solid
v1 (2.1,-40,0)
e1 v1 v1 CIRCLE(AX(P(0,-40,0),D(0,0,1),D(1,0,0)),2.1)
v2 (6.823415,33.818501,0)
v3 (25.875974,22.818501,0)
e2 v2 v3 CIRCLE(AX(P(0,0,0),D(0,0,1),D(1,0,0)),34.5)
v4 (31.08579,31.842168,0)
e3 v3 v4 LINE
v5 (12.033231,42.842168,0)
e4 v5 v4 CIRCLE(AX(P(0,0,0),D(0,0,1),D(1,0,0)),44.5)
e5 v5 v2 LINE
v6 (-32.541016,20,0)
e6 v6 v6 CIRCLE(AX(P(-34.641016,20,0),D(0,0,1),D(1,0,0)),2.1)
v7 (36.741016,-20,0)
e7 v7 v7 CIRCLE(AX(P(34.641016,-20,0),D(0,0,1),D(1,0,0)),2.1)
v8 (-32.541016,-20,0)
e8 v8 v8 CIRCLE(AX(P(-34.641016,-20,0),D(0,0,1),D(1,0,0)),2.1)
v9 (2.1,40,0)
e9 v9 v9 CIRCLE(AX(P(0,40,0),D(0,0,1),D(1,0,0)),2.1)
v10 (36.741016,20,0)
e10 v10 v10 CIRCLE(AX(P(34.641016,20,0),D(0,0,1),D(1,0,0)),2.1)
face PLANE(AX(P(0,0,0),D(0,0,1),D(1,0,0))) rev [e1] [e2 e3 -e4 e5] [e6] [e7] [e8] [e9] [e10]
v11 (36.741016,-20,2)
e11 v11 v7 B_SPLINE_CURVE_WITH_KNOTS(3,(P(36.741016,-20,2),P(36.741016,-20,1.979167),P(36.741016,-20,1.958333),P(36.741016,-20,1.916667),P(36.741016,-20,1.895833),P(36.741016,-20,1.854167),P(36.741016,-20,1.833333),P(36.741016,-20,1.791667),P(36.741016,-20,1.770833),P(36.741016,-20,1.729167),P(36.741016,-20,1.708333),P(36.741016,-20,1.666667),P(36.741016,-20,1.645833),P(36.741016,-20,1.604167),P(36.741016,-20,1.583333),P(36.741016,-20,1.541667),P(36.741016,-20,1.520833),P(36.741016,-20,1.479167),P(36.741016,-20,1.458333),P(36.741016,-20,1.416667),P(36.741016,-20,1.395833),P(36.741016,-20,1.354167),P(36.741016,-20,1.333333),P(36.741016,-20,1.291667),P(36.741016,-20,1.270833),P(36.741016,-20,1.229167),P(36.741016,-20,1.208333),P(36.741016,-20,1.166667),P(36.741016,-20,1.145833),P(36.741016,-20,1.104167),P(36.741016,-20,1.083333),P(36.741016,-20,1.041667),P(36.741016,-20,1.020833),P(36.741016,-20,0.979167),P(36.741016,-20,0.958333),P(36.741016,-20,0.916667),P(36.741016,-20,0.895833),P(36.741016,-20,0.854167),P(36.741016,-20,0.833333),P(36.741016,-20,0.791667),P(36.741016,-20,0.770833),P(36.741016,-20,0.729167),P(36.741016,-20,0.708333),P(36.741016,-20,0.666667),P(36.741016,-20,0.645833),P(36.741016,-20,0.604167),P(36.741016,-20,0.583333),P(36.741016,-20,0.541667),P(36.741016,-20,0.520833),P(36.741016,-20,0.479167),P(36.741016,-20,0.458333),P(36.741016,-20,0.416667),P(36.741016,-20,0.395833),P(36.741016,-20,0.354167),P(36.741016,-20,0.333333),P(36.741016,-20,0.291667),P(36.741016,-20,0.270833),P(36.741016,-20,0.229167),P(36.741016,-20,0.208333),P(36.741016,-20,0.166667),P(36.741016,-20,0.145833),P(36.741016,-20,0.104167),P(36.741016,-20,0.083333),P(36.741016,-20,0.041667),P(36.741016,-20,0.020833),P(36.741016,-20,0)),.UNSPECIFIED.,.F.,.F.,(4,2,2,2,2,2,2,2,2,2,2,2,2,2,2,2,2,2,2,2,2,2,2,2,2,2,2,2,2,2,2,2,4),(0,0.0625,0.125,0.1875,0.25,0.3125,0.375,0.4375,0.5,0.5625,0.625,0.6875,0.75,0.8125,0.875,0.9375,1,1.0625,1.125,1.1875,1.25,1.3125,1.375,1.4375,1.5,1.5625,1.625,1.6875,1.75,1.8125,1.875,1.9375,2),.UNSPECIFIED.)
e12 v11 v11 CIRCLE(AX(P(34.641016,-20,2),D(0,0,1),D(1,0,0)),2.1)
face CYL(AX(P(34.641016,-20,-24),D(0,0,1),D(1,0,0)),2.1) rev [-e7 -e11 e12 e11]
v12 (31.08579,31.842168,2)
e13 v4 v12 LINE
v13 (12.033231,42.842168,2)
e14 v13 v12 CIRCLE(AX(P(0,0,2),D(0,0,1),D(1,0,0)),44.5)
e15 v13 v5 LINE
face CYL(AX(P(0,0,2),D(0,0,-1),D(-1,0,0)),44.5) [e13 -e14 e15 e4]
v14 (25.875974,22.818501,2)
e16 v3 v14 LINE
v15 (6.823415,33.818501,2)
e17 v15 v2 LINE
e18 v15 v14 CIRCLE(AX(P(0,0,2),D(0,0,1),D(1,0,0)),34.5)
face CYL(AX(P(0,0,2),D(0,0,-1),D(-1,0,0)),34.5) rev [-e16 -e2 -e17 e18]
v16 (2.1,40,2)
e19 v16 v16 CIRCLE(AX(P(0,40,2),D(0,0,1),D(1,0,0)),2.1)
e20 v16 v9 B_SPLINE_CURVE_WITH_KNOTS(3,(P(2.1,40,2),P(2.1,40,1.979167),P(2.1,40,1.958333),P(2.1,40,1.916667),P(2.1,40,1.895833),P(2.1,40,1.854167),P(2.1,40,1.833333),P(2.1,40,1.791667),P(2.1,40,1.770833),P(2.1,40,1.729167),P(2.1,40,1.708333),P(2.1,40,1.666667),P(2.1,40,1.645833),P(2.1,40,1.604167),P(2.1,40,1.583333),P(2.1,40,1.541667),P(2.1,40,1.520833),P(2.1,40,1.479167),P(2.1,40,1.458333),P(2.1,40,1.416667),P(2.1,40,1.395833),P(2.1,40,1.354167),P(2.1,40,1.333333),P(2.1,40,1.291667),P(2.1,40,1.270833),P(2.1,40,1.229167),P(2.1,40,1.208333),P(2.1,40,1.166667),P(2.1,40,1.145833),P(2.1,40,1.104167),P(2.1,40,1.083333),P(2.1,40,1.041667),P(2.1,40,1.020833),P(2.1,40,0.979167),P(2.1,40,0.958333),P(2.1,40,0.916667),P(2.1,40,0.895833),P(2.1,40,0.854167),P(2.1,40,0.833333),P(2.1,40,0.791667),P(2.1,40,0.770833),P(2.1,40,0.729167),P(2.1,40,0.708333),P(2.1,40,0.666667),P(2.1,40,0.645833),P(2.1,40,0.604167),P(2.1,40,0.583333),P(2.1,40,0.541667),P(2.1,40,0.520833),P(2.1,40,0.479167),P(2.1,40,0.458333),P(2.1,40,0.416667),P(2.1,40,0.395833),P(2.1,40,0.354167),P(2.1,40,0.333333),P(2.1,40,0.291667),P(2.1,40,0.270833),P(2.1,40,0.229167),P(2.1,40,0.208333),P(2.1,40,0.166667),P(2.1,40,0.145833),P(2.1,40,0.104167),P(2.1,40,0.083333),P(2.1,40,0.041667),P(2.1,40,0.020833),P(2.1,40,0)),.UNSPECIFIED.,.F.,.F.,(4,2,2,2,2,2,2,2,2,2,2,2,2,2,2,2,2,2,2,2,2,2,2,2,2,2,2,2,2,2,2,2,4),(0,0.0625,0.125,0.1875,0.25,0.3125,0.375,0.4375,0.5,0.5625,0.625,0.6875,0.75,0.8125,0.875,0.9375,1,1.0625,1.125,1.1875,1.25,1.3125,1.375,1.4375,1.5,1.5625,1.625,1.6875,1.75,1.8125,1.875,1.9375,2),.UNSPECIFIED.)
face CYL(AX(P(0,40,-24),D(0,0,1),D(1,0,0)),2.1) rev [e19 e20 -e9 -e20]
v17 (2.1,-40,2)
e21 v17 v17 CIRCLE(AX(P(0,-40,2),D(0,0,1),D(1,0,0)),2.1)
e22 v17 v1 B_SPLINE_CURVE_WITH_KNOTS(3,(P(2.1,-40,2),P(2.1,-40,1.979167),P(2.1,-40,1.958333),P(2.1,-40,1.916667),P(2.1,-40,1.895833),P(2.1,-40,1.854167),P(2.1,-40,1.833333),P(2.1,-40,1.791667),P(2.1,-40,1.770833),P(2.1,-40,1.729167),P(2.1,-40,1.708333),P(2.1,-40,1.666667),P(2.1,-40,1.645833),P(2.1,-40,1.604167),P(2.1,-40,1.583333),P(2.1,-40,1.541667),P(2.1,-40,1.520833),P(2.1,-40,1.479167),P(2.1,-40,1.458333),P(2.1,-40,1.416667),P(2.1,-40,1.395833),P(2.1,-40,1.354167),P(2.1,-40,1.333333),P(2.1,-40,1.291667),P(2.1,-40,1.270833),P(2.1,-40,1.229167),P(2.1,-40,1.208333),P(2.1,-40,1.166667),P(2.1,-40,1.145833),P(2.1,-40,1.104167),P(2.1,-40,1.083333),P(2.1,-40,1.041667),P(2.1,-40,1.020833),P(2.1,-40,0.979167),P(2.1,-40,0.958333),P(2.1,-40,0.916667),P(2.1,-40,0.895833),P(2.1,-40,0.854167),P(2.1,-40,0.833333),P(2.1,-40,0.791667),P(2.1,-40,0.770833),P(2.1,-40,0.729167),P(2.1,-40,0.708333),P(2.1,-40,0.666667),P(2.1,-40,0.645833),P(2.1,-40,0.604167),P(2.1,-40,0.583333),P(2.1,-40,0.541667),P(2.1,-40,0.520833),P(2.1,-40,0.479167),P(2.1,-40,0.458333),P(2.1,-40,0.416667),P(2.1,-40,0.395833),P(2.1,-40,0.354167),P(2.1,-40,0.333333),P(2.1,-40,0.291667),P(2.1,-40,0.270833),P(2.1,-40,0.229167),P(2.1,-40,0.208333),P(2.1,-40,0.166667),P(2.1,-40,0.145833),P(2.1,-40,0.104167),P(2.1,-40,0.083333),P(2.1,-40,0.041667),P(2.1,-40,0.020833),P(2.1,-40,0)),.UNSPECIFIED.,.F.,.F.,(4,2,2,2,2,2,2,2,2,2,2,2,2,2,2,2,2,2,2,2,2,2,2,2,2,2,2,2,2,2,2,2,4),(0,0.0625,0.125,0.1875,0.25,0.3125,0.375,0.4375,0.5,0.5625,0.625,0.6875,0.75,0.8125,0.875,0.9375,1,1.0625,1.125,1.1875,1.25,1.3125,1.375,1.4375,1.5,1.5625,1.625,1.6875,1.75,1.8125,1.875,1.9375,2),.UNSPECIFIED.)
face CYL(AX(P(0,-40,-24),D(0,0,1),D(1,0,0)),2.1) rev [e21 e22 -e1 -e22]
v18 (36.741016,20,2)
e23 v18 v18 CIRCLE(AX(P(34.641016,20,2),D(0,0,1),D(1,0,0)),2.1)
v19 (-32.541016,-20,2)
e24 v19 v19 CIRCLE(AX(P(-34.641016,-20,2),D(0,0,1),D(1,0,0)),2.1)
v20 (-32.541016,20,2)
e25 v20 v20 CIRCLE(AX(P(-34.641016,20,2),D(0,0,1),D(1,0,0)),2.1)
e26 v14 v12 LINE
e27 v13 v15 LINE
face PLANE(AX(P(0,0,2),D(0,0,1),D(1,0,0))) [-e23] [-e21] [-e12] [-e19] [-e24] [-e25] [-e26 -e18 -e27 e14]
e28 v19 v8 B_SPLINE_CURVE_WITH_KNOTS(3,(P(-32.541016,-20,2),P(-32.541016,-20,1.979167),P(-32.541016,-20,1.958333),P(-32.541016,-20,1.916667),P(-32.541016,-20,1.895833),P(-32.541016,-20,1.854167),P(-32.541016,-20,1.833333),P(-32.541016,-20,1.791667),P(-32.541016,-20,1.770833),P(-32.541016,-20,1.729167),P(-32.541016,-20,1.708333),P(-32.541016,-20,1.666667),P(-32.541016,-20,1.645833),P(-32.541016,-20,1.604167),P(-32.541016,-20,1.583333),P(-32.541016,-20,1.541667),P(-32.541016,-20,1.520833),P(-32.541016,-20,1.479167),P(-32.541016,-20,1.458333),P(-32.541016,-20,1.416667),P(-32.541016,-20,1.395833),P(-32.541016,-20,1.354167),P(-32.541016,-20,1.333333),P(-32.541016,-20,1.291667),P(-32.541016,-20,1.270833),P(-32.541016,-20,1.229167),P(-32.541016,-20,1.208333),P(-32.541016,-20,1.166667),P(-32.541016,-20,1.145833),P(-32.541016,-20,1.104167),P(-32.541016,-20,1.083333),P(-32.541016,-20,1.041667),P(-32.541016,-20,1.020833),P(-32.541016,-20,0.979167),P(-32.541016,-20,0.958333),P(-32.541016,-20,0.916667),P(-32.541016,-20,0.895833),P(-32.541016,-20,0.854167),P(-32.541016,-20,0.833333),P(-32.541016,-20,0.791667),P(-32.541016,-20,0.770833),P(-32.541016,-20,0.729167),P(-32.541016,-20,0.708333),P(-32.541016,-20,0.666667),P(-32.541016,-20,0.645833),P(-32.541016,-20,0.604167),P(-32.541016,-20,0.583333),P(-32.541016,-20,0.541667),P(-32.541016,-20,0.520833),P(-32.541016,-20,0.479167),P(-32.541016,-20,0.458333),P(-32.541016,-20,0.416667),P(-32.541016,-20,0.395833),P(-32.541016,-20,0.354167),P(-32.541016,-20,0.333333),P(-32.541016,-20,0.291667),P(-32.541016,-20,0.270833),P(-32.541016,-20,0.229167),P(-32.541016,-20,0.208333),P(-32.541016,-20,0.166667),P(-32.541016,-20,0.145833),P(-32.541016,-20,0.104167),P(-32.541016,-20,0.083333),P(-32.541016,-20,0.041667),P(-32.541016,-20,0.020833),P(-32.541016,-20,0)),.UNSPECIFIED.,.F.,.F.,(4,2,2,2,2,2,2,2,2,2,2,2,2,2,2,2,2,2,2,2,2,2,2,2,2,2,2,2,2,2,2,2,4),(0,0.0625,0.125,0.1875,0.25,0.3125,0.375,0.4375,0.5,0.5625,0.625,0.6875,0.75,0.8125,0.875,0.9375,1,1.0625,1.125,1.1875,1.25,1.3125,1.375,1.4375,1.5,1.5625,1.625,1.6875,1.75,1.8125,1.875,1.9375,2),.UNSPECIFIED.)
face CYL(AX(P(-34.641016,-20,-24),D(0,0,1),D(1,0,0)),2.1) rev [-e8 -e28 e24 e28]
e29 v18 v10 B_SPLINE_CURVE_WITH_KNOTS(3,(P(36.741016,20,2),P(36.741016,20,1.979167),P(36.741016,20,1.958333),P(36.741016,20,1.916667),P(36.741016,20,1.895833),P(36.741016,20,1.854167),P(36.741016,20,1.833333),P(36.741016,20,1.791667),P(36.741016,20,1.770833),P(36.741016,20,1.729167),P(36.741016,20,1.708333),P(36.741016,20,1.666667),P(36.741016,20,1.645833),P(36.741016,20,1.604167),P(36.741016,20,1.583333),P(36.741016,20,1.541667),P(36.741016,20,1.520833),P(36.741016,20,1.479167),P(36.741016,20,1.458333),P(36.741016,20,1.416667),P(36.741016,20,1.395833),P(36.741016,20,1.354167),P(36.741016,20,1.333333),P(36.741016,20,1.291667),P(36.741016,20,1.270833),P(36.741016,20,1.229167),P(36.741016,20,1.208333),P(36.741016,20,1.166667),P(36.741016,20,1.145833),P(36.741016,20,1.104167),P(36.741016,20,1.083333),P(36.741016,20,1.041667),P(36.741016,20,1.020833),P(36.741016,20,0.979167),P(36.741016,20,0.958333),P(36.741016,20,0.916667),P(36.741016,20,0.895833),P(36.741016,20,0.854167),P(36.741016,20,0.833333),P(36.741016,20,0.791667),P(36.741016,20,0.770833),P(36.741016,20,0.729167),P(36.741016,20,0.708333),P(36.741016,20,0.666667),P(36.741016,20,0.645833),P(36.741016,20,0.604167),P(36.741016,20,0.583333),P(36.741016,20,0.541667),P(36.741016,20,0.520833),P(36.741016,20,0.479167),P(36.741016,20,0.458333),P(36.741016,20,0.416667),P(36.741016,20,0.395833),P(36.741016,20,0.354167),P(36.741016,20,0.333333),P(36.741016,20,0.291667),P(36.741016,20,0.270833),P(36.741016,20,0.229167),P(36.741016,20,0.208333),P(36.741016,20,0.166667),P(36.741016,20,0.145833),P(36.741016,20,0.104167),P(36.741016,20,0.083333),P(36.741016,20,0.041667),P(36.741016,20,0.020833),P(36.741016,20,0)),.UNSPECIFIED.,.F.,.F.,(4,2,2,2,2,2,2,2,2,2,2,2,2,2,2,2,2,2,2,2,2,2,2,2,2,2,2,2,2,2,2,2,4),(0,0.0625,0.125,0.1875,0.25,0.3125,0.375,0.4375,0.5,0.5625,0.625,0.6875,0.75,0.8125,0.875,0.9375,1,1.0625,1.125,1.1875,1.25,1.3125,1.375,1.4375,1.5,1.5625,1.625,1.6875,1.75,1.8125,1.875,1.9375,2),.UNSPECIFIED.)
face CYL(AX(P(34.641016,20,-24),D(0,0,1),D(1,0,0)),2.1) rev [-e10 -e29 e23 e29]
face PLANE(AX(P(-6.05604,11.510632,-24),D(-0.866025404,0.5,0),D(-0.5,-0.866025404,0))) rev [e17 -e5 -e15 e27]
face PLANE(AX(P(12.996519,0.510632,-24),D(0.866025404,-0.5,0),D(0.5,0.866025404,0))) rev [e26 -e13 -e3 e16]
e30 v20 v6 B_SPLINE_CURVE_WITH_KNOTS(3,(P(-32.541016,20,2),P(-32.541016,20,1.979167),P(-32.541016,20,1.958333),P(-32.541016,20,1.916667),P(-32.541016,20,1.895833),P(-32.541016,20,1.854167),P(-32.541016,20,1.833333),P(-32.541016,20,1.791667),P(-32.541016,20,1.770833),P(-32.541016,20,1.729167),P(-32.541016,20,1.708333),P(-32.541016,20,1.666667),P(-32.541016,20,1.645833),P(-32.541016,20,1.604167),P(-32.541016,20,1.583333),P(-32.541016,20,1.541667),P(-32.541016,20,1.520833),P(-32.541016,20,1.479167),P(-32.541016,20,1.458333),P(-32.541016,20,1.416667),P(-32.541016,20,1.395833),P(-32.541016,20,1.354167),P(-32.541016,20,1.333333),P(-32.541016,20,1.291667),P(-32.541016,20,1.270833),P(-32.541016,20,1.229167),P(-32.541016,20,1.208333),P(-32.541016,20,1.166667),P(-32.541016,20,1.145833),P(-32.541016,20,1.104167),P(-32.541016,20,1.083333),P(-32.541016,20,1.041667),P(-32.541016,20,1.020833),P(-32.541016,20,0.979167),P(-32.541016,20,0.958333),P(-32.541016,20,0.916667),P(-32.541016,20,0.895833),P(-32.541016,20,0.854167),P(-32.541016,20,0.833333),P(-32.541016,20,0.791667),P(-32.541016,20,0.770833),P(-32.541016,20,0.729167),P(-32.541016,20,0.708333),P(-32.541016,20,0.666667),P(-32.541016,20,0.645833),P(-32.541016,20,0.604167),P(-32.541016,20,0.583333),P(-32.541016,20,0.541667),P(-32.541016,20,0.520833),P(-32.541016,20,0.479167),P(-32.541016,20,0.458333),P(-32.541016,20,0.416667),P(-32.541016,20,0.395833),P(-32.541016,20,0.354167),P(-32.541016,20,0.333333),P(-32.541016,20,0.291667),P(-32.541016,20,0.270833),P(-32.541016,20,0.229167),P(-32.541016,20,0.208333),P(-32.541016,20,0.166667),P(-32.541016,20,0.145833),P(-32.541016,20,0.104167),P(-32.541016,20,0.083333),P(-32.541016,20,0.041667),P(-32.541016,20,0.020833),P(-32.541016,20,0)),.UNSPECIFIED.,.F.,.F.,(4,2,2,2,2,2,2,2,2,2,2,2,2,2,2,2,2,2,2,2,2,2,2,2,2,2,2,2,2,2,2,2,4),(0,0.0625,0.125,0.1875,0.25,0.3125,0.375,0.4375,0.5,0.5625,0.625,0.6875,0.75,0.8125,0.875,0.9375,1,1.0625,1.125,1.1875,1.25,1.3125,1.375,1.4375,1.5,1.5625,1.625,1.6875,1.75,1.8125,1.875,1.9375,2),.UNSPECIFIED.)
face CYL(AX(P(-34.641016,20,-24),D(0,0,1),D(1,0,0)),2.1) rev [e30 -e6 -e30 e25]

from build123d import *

# Parameters (mm, degrees)
SKETCH_1_R          = 44.5
SKETCH_1_R_2        = 34.5
EXTRUDE_1_DEPTH     = 2
SKETCH_2_R          = 2.1
CUT_EXTRUDE_1_DEPTH = 26
CUT_EXTRUDE_2_DEPTH = 26


with BuildPart() as part:
    # 草图1 → 凸台-拉伸1 (new body)
    with BuildSketch(Plane.XY):
        Circle(SKETCH_1_R)
        Circle(SKETCH_1_R_2, mode=Mode.SUBTRACT)
    extrude(amount=EXTRUDE_1_DEPTH)

    # 草图2 → 切除-拉伸1 (cut)
    with BuildSketch(Plane.XY.offset(2)):
        with Locations((0, 40)):
            Circle(SKETCH_2_R)
        with Locations((34.641016151, 20)):
            Circle(SKETCH_2_R)
        with Locations((34.641016151, -20)):
            Circle(SKETCH_2_R)
        with Locations((0, -40)):
            Circle(SKETCH_2_R)
        with Locations((-34.641016151, -20)):
            Circle(SKETCH_2_R)
        with Locations((-34.641016151, 20)):
            Circle(SKETCH_2_R)
    extrude(amount=-CUT_EXTRUDE_1_DEPTH, mode=Mode.SUBTRACT)

    # 草图3 → 切除-拉伸2 (cut)
    with BuildSketch(Plane.XY.offset(2)):
        Polygon((-6.056039584, 11.510631748), (15.427420122, 48.721075481), (34.479979005, 37.721075481), (12.996519299, 0.510631748), align=None)
    extrude(amount=-CUT_EXTRUDE_2_DEPTH, mode=Mode.SUBTRACT)


solid = part.part
